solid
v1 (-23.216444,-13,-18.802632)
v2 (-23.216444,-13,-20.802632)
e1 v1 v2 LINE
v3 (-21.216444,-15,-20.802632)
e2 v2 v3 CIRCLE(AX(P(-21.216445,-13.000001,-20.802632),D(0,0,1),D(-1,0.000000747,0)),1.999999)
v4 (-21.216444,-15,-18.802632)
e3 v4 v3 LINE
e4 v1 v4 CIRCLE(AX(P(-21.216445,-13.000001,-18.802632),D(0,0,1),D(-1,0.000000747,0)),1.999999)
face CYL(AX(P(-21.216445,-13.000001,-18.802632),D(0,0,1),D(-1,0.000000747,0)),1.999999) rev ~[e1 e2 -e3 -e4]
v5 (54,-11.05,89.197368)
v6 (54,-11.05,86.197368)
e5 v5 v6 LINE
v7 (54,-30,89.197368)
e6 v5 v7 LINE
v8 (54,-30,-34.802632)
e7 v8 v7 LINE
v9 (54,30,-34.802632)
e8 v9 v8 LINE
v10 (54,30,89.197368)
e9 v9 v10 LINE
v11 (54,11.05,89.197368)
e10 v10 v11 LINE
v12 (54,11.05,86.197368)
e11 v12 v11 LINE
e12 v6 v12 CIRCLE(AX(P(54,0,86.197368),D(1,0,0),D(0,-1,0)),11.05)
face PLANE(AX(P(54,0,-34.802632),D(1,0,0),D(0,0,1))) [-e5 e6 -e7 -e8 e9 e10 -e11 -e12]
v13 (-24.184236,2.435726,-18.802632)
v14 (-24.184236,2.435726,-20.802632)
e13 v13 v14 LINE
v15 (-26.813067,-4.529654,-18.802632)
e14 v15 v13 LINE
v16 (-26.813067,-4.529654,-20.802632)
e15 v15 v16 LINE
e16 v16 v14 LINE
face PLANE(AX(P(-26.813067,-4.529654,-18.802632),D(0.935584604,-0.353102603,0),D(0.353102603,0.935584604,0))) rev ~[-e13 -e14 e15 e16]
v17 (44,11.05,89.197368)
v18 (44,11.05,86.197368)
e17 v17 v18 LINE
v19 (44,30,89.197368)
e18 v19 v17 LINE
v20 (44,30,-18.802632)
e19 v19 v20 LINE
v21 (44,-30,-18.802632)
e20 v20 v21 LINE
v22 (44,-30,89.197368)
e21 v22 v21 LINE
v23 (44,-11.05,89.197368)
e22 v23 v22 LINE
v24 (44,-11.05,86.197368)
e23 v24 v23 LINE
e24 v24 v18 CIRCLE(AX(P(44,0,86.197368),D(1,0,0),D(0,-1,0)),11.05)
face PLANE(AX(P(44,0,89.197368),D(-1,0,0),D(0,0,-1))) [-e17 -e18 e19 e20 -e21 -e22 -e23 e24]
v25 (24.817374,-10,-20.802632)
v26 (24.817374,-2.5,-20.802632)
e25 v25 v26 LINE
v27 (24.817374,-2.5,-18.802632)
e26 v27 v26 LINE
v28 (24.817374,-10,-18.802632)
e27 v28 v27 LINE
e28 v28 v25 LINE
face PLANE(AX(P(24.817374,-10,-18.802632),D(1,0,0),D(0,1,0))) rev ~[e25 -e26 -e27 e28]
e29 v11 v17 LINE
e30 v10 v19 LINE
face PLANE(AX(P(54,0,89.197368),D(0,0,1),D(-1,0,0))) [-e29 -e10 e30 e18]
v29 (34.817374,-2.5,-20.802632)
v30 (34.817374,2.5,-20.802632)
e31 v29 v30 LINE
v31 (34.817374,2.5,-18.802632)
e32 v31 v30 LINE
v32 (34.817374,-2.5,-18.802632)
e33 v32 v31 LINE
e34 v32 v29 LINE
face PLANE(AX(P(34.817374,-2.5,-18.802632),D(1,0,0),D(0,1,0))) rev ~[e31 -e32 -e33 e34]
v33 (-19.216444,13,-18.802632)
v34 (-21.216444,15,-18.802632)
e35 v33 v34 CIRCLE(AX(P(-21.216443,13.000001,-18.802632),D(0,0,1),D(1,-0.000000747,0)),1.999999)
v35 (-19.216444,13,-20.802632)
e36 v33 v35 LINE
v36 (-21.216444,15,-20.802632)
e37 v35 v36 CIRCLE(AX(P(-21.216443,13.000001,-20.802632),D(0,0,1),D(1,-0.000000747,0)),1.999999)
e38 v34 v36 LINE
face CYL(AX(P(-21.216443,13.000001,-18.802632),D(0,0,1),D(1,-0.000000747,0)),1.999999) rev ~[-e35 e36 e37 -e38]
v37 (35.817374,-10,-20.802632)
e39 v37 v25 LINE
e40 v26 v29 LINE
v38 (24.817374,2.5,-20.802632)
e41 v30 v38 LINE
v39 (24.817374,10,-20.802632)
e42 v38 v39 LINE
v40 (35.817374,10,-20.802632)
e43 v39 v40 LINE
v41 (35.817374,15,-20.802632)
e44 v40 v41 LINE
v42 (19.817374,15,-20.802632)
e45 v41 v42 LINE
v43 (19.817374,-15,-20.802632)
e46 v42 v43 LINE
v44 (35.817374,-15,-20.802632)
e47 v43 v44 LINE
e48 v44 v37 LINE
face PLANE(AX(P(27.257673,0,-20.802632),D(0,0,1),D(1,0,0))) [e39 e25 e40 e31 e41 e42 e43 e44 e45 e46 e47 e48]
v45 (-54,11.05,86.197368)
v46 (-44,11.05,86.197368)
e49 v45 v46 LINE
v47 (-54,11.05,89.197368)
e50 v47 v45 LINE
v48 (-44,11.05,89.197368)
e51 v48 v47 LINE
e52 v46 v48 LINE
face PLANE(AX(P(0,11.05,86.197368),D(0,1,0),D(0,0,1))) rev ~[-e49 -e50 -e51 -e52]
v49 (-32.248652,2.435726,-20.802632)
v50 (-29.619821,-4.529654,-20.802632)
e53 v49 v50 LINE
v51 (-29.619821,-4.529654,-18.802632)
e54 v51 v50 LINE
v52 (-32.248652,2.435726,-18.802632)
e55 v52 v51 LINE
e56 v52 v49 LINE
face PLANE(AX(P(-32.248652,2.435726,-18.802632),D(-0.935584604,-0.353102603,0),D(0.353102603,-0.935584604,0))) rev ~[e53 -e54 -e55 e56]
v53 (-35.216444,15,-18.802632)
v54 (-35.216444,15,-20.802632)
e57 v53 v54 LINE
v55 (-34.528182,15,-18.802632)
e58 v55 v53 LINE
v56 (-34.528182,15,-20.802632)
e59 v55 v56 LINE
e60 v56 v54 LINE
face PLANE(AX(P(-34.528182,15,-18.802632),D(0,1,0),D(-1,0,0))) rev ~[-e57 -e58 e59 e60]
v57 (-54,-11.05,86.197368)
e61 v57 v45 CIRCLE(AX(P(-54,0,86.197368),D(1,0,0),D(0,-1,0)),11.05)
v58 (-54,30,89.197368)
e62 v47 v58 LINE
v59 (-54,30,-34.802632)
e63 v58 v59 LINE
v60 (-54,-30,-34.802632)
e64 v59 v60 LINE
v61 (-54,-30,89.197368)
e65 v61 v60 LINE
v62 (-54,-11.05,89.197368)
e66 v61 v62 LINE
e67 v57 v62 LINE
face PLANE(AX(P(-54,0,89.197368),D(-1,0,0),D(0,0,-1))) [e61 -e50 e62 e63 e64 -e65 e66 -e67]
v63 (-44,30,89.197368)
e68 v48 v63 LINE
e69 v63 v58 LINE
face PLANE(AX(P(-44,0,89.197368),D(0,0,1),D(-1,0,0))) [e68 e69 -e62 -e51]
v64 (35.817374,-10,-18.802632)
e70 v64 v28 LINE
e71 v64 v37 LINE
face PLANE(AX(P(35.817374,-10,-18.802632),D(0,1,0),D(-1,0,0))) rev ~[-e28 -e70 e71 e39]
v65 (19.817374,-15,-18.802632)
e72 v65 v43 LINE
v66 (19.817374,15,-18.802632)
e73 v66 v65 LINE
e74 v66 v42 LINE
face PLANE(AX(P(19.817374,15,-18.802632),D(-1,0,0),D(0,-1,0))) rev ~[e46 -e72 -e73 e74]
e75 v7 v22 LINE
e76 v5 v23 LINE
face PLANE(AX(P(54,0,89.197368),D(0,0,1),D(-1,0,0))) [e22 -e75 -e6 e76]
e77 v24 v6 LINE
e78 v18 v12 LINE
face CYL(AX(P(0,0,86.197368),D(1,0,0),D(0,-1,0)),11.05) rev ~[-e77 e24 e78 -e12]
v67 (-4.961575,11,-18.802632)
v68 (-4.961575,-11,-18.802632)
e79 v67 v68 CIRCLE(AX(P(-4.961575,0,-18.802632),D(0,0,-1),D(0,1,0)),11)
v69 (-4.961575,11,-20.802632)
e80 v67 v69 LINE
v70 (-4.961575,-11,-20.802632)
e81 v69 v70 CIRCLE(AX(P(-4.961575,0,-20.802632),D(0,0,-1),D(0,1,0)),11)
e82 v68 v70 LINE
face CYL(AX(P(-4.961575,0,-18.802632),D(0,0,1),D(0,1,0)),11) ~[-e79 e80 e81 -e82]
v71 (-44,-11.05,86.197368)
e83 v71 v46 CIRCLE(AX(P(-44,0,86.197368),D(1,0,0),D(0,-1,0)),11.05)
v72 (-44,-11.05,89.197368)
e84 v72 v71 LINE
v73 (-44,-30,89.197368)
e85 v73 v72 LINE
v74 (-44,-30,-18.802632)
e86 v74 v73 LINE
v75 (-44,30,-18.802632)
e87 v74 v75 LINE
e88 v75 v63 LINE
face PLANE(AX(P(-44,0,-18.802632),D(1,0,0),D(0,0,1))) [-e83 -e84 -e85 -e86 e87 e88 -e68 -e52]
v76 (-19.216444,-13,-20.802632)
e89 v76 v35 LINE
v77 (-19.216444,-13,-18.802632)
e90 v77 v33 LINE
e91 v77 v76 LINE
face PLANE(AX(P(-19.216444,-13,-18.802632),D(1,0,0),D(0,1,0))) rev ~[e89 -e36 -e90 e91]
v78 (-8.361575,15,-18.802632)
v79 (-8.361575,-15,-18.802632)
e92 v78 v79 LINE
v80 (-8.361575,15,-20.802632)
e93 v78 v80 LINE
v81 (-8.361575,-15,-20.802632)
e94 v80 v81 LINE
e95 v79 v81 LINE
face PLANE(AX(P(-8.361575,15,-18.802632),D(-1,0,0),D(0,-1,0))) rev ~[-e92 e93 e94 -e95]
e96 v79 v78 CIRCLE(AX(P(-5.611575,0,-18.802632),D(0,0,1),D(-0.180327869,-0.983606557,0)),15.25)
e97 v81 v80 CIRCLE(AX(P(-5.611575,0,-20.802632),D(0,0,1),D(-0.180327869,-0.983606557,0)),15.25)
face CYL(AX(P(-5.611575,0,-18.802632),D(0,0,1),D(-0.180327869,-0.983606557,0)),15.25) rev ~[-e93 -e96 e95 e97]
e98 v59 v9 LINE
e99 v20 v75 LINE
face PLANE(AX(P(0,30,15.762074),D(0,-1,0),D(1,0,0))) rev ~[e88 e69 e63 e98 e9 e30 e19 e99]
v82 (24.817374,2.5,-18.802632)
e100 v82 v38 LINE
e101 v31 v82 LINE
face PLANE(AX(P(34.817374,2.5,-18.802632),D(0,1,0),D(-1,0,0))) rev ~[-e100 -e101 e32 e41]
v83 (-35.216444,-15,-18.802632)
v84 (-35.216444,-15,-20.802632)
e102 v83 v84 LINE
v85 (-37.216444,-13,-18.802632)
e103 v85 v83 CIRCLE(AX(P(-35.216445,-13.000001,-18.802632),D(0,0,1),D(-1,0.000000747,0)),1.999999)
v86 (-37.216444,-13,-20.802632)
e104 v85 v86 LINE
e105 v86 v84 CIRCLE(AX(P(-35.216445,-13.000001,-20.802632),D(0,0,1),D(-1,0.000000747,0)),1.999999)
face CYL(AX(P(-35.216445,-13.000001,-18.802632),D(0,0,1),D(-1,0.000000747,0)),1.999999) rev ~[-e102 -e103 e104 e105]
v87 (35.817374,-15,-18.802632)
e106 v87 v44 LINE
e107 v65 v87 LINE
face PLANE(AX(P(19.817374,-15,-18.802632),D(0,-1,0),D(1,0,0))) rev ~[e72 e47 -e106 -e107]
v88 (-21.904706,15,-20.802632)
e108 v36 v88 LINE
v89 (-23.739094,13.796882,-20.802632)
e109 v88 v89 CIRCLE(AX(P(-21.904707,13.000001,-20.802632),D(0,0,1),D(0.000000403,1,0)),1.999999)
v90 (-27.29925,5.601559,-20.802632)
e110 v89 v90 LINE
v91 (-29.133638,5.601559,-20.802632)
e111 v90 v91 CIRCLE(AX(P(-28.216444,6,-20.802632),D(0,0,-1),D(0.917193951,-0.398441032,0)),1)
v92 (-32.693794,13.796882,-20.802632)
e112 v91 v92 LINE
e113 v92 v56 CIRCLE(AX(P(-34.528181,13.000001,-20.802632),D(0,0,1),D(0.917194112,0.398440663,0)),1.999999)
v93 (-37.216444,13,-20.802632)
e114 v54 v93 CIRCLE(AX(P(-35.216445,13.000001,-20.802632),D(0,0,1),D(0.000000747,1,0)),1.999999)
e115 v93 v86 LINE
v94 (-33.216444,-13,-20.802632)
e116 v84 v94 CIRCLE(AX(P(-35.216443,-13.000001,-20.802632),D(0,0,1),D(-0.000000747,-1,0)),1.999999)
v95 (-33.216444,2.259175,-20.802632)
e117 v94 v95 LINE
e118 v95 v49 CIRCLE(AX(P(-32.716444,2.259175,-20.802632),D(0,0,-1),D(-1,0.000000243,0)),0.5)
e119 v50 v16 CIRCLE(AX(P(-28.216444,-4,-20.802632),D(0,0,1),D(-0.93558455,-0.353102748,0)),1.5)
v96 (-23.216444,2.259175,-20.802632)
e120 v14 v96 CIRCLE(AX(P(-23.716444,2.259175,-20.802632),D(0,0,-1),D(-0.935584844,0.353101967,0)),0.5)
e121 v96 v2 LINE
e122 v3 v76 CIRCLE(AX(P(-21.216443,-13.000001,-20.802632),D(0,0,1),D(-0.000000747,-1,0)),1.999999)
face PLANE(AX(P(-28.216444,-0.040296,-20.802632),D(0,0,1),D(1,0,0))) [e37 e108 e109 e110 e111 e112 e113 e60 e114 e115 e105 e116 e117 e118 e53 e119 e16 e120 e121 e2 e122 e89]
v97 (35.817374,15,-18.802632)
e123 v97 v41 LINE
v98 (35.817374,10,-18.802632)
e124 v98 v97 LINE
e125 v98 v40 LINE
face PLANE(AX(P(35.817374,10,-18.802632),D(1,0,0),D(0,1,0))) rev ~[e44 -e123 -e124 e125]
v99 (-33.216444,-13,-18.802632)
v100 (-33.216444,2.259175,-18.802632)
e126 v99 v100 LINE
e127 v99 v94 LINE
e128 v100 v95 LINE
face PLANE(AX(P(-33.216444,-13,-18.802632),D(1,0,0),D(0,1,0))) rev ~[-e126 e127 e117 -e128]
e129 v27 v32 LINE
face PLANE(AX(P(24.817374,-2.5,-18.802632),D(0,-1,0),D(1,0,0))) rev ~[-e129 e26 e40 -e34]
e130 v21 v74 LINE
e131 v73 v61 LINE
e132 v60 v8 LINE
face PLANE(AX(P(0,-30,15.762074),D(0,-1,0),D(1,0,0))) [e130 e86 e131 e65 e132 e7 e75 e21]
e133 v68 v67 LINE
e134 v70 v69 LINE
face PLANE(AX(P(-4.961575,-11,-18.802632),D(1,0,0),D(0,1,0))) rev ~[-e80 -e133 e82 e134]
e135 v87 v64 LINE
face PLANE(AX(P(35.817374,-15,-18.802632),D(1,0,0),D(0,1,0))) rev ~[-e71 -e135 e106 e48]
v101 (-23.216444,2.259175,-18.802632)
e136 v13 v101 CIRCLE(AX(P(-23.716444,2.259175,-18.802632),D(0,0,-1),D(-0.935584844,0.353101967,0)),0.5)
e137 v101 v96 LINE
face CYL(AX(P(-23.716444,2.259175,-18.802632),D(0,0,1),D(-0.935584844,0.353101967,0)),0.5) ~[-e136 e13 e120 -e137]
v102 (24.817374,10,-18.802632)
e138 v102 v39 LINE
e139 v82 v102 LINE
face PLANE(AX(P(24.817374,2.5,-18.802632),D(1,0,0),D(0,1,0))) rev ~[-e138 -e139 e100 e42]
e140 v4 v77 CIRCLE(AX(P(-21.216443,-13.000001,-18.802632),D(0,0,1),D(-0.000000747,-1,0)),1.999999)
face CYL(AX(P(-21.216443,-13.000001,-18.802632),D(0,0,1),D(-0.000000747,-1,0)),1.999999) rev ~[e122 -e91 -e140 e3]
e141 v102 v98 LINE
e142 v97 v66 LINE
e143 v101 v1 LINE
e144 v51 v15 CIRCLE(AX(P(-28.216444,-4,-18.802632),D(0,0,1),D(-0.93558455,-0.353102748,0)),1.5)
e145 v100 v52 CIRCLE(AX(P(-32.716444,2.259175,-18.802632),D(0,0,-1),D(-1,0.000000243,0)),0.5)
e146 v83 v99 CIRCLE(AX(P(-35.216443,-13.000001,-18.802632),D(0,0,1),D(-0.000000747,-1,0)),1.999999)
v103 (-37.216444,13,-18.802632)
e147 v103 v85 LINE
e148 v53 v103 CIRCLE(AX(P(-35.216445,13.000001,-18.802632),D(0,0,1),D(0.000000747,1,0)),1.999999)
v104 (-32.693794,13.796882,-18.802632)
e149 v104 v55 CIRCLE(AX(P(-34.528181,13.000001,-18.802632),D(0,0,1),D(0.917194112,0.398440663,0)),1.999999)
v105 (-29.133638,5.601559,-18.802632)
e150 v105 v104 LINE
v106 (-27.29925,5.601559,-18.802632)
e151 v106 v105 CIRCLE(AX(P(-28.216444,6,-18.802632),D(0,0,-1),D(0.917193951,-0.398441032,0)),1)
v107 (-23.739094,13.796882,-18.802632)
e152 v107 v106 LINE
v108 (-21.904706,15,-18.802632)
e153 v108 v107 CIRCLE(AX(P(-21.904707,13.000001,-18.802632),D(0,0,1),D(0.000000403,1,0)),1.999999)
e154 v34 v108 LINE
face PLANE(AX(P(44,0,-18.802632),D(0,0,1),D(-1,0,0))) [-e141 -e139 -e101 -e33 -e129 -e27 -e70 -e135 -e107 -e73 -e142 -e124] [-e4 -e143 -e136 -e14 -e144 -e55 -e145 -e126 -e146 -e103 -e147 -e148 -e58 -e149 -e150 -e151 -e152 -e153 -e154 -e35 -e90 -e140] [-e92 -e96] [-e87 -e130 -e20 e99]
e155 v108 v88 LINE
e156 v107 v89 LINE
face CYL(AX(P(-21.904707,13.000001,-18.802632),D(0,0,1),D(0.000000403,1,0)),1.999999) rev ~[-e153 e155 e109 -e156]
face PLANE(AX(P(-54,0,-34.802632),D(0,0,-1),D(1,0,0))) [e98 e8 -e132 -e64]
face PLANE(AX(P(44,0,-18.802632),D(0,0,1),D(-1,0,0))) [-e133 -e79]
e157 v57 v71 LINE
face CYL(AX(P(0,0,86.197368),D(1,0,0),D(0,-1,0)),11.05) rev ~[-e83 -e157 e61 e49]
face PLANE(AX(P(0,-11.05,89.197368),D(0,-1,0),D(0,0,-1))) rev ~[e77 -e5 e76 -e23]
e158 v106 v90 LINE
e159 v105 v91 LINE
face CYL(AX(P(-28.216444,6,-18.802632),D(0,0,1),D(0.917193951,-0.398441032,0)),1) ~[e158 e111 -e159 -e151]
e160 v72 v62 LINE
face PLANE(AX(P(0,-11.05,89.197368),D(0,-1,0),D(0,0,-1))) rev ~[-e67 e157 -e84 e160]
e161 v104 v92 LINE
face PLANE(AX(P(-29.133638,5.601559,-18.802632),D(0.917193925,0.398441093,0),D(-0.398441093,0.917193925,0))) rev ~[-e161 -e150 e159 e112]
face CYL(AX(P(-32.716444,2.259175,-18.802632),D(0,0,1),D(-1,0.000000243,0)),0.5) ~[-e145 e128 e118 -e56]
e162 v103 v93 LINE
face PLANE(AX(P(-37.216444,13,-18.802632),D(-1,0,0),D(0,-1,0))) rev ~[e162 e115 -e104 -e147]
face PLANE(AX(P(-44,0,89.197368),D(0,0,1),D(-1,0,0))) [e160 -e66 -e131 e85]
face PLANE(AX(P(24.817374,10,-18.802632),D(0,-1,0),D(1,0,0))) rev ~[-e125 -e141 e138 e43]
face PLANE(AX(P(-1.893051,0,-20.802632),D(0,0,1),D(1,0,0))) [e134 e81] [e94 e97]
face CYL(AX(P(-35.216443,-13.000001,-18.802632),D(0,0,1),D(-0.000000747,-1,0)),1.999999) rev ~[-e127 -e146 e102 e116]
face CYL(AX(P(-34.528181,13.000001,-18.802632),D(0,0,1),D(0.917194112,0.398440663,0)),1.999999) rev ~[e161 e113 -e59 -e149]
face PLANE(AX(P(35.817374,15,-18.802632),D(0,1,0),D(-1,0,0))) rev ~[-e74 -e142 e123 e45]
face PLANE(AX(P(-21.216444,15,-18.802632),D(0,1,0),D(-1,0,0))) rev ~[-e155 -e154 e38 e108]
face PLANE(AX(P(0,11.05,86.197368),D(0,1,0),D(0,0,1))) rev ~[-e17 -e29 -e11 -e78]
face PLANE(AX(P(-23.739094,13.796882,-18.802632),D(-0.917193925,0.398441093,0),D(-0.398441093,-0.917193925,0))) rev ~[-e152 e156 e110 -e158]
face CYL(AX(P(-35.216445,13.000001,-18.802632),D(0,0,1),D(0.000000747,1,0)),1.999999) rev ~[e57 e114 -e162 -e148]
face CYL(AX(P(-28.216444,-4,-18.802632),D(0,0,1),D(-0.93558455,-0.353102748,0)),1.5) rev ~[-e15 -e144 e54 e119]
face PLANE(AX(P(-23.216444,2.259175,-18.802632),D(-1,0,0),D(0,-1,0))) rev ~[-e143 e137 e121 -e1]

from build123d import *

# Parameters (mm, degrees)
F1_DEPTH = 30
F3_DEPTH = 100
F5_DEPTH = 2
F7_DEPTH = 2
F9_DEPTH = 2


with BuildPart() as f1:
    # F0 (on Front) → F1 (new body, symmetric)
    with BuildSketch(Plane.XZ):
        Polygon((-54, 89.197368), (-54, -34.802632), (54, -34.802632), (54, 89.197368), (44, 89.197368), (44, -18.802632), (-44, -18.802632), (-44, 89.197368), align=None)
    extrude(amount=F1_DEPTH, both=True)

    # F2 (on Right) → F3 (cut, symmetric)
    with BuildSketch(Plane.YZ):
        with BuildLine():
            Line((-11.05, 89.197368), (-11.05, 86.197368))
            ThreePointArc((-11.05, 86.197368), (0, 75.147368), (11.05, 86.197368))
            Line((11.05, 86.197368), (11.05, 89.197368))
            Line((11.05, 89.197368), (-11.05, 89.197368))
        make_face()
    extrude(amount=F3_DEPTH, both=True, mode=Mode.SUBTRACT)

    # F4 (on face) → F5 (cut)
    with BuildSketch(Plane.XY.offset(-18.802632)):
        with BuildLine():
            ThreePointArc((-35.216444, 15), (-36.630658, 14.414214), (-37.216444, 13))
            Line((-37.216444, 13), (-37.216444, -13))
            ThreePointArc((-37.216444, -13), (-36.630658, -14.414214), (-35.216444, -15))
            ThreePointArc((-35.216444, -15), (-33.80223, -14.414214), (-33.216444, -13))
            Line((-33.216444, -13), (-33.216444, 2.259175))
            ThreePointArc((-33.216444, 2.259175), (-32.806176, 2.751057), (-32.248652, 2.435726))
            Line((-32.248652, 2.435726), (-29.619821, -4.529654))
            ThreePointArc((-29.619821, -4.529654), (-28.216444, -5.5), (-26.813067, -4.529654))
            Line((-26.813067, -4.529654), (-24.184236, 2.435726))
            ThreePointArc((-24.184236, 2.435726), (-23.626711, 2.751057), (-23.216444, 2.259175))
            Line((-23.216444, 2.259175), (-23.216444, -13))
            ThreePointArc((-23.216444, -13), (-22.630658, -14.414214), (-21.216444, -15))
            ThreePointArc((-21.216444, -15), (-19.80223, -14.414214), (-19.216444, -13))
            Line((-19.216444, -13), (-19.216444, 13))
            ThreePointArc((-19.216444, 13), (-19.80223, 14.414214), (-21.216444, 15))
            Line((-21.216444, 15), (-21.904706, 15))
            ThreePointArc((-21.904706, 15), (-23.001574, 14.672388), (-23.739094, 13.796882))
            Line((-23.739094, 13.796882), (-27.29925, 5.601559))
            ThreePointArc((-27.29925, 5.601559), (-28.216444, 5), (-29.133638, 5.601559))
            Line((-29.133638, 5.601559), (-32.693794, 13.796882))
            ThreePointArc((-32.693794, 13.796882), (-33.431314, 14.672388), (-34.528182, 15))
            Line((-34.528182, 15), (-35.216444, 15))
        make_face()
    extrude(amount=-F5_DEPTH, mode=Mode.SUBTRACT)

    # F6 (on face) → F7 (cut)
    with BuildSketch(Plane.XY.offset(-18.802632)):
        with BuildLine():
            Line((-8.361575, 15), (-8.361575, -15))
            ThreePointArc((-8.361575, -15), (9.638425, 0), (-8.361575, 15))
        make_face()
        with BuildLine():
            Line((-4.961575, -11), (-4.961575, 11))
            ThreePointArc((-4.961575, 11), (6.038425, 0), (-4.961575, -11))
        make_face(mode=Mode.SUBTRACT)
    extrude(amount=-F7_DEPTH, mode=Mode.SUBTRACT)

    # F8 (on face) → F9 (cut)
    with BuildSketch(Plane.XY.offset(-18.802632)):
        Polygon((19.817374, 15), (19.817374, -15), (35.817374, -15), (35.817374, -10), (24.817374, -10), (24.817374, -2.5), (34.817374, -2.5), (34.817374, 2.5), (24.817374, 2.5), (24.817374, 10), (35.817374, 10), (35.817374, 15), align=None)
    extrude(amount=-F9_DEPTH, mode=Mode.SUBTRACT)


solid = f1.part
